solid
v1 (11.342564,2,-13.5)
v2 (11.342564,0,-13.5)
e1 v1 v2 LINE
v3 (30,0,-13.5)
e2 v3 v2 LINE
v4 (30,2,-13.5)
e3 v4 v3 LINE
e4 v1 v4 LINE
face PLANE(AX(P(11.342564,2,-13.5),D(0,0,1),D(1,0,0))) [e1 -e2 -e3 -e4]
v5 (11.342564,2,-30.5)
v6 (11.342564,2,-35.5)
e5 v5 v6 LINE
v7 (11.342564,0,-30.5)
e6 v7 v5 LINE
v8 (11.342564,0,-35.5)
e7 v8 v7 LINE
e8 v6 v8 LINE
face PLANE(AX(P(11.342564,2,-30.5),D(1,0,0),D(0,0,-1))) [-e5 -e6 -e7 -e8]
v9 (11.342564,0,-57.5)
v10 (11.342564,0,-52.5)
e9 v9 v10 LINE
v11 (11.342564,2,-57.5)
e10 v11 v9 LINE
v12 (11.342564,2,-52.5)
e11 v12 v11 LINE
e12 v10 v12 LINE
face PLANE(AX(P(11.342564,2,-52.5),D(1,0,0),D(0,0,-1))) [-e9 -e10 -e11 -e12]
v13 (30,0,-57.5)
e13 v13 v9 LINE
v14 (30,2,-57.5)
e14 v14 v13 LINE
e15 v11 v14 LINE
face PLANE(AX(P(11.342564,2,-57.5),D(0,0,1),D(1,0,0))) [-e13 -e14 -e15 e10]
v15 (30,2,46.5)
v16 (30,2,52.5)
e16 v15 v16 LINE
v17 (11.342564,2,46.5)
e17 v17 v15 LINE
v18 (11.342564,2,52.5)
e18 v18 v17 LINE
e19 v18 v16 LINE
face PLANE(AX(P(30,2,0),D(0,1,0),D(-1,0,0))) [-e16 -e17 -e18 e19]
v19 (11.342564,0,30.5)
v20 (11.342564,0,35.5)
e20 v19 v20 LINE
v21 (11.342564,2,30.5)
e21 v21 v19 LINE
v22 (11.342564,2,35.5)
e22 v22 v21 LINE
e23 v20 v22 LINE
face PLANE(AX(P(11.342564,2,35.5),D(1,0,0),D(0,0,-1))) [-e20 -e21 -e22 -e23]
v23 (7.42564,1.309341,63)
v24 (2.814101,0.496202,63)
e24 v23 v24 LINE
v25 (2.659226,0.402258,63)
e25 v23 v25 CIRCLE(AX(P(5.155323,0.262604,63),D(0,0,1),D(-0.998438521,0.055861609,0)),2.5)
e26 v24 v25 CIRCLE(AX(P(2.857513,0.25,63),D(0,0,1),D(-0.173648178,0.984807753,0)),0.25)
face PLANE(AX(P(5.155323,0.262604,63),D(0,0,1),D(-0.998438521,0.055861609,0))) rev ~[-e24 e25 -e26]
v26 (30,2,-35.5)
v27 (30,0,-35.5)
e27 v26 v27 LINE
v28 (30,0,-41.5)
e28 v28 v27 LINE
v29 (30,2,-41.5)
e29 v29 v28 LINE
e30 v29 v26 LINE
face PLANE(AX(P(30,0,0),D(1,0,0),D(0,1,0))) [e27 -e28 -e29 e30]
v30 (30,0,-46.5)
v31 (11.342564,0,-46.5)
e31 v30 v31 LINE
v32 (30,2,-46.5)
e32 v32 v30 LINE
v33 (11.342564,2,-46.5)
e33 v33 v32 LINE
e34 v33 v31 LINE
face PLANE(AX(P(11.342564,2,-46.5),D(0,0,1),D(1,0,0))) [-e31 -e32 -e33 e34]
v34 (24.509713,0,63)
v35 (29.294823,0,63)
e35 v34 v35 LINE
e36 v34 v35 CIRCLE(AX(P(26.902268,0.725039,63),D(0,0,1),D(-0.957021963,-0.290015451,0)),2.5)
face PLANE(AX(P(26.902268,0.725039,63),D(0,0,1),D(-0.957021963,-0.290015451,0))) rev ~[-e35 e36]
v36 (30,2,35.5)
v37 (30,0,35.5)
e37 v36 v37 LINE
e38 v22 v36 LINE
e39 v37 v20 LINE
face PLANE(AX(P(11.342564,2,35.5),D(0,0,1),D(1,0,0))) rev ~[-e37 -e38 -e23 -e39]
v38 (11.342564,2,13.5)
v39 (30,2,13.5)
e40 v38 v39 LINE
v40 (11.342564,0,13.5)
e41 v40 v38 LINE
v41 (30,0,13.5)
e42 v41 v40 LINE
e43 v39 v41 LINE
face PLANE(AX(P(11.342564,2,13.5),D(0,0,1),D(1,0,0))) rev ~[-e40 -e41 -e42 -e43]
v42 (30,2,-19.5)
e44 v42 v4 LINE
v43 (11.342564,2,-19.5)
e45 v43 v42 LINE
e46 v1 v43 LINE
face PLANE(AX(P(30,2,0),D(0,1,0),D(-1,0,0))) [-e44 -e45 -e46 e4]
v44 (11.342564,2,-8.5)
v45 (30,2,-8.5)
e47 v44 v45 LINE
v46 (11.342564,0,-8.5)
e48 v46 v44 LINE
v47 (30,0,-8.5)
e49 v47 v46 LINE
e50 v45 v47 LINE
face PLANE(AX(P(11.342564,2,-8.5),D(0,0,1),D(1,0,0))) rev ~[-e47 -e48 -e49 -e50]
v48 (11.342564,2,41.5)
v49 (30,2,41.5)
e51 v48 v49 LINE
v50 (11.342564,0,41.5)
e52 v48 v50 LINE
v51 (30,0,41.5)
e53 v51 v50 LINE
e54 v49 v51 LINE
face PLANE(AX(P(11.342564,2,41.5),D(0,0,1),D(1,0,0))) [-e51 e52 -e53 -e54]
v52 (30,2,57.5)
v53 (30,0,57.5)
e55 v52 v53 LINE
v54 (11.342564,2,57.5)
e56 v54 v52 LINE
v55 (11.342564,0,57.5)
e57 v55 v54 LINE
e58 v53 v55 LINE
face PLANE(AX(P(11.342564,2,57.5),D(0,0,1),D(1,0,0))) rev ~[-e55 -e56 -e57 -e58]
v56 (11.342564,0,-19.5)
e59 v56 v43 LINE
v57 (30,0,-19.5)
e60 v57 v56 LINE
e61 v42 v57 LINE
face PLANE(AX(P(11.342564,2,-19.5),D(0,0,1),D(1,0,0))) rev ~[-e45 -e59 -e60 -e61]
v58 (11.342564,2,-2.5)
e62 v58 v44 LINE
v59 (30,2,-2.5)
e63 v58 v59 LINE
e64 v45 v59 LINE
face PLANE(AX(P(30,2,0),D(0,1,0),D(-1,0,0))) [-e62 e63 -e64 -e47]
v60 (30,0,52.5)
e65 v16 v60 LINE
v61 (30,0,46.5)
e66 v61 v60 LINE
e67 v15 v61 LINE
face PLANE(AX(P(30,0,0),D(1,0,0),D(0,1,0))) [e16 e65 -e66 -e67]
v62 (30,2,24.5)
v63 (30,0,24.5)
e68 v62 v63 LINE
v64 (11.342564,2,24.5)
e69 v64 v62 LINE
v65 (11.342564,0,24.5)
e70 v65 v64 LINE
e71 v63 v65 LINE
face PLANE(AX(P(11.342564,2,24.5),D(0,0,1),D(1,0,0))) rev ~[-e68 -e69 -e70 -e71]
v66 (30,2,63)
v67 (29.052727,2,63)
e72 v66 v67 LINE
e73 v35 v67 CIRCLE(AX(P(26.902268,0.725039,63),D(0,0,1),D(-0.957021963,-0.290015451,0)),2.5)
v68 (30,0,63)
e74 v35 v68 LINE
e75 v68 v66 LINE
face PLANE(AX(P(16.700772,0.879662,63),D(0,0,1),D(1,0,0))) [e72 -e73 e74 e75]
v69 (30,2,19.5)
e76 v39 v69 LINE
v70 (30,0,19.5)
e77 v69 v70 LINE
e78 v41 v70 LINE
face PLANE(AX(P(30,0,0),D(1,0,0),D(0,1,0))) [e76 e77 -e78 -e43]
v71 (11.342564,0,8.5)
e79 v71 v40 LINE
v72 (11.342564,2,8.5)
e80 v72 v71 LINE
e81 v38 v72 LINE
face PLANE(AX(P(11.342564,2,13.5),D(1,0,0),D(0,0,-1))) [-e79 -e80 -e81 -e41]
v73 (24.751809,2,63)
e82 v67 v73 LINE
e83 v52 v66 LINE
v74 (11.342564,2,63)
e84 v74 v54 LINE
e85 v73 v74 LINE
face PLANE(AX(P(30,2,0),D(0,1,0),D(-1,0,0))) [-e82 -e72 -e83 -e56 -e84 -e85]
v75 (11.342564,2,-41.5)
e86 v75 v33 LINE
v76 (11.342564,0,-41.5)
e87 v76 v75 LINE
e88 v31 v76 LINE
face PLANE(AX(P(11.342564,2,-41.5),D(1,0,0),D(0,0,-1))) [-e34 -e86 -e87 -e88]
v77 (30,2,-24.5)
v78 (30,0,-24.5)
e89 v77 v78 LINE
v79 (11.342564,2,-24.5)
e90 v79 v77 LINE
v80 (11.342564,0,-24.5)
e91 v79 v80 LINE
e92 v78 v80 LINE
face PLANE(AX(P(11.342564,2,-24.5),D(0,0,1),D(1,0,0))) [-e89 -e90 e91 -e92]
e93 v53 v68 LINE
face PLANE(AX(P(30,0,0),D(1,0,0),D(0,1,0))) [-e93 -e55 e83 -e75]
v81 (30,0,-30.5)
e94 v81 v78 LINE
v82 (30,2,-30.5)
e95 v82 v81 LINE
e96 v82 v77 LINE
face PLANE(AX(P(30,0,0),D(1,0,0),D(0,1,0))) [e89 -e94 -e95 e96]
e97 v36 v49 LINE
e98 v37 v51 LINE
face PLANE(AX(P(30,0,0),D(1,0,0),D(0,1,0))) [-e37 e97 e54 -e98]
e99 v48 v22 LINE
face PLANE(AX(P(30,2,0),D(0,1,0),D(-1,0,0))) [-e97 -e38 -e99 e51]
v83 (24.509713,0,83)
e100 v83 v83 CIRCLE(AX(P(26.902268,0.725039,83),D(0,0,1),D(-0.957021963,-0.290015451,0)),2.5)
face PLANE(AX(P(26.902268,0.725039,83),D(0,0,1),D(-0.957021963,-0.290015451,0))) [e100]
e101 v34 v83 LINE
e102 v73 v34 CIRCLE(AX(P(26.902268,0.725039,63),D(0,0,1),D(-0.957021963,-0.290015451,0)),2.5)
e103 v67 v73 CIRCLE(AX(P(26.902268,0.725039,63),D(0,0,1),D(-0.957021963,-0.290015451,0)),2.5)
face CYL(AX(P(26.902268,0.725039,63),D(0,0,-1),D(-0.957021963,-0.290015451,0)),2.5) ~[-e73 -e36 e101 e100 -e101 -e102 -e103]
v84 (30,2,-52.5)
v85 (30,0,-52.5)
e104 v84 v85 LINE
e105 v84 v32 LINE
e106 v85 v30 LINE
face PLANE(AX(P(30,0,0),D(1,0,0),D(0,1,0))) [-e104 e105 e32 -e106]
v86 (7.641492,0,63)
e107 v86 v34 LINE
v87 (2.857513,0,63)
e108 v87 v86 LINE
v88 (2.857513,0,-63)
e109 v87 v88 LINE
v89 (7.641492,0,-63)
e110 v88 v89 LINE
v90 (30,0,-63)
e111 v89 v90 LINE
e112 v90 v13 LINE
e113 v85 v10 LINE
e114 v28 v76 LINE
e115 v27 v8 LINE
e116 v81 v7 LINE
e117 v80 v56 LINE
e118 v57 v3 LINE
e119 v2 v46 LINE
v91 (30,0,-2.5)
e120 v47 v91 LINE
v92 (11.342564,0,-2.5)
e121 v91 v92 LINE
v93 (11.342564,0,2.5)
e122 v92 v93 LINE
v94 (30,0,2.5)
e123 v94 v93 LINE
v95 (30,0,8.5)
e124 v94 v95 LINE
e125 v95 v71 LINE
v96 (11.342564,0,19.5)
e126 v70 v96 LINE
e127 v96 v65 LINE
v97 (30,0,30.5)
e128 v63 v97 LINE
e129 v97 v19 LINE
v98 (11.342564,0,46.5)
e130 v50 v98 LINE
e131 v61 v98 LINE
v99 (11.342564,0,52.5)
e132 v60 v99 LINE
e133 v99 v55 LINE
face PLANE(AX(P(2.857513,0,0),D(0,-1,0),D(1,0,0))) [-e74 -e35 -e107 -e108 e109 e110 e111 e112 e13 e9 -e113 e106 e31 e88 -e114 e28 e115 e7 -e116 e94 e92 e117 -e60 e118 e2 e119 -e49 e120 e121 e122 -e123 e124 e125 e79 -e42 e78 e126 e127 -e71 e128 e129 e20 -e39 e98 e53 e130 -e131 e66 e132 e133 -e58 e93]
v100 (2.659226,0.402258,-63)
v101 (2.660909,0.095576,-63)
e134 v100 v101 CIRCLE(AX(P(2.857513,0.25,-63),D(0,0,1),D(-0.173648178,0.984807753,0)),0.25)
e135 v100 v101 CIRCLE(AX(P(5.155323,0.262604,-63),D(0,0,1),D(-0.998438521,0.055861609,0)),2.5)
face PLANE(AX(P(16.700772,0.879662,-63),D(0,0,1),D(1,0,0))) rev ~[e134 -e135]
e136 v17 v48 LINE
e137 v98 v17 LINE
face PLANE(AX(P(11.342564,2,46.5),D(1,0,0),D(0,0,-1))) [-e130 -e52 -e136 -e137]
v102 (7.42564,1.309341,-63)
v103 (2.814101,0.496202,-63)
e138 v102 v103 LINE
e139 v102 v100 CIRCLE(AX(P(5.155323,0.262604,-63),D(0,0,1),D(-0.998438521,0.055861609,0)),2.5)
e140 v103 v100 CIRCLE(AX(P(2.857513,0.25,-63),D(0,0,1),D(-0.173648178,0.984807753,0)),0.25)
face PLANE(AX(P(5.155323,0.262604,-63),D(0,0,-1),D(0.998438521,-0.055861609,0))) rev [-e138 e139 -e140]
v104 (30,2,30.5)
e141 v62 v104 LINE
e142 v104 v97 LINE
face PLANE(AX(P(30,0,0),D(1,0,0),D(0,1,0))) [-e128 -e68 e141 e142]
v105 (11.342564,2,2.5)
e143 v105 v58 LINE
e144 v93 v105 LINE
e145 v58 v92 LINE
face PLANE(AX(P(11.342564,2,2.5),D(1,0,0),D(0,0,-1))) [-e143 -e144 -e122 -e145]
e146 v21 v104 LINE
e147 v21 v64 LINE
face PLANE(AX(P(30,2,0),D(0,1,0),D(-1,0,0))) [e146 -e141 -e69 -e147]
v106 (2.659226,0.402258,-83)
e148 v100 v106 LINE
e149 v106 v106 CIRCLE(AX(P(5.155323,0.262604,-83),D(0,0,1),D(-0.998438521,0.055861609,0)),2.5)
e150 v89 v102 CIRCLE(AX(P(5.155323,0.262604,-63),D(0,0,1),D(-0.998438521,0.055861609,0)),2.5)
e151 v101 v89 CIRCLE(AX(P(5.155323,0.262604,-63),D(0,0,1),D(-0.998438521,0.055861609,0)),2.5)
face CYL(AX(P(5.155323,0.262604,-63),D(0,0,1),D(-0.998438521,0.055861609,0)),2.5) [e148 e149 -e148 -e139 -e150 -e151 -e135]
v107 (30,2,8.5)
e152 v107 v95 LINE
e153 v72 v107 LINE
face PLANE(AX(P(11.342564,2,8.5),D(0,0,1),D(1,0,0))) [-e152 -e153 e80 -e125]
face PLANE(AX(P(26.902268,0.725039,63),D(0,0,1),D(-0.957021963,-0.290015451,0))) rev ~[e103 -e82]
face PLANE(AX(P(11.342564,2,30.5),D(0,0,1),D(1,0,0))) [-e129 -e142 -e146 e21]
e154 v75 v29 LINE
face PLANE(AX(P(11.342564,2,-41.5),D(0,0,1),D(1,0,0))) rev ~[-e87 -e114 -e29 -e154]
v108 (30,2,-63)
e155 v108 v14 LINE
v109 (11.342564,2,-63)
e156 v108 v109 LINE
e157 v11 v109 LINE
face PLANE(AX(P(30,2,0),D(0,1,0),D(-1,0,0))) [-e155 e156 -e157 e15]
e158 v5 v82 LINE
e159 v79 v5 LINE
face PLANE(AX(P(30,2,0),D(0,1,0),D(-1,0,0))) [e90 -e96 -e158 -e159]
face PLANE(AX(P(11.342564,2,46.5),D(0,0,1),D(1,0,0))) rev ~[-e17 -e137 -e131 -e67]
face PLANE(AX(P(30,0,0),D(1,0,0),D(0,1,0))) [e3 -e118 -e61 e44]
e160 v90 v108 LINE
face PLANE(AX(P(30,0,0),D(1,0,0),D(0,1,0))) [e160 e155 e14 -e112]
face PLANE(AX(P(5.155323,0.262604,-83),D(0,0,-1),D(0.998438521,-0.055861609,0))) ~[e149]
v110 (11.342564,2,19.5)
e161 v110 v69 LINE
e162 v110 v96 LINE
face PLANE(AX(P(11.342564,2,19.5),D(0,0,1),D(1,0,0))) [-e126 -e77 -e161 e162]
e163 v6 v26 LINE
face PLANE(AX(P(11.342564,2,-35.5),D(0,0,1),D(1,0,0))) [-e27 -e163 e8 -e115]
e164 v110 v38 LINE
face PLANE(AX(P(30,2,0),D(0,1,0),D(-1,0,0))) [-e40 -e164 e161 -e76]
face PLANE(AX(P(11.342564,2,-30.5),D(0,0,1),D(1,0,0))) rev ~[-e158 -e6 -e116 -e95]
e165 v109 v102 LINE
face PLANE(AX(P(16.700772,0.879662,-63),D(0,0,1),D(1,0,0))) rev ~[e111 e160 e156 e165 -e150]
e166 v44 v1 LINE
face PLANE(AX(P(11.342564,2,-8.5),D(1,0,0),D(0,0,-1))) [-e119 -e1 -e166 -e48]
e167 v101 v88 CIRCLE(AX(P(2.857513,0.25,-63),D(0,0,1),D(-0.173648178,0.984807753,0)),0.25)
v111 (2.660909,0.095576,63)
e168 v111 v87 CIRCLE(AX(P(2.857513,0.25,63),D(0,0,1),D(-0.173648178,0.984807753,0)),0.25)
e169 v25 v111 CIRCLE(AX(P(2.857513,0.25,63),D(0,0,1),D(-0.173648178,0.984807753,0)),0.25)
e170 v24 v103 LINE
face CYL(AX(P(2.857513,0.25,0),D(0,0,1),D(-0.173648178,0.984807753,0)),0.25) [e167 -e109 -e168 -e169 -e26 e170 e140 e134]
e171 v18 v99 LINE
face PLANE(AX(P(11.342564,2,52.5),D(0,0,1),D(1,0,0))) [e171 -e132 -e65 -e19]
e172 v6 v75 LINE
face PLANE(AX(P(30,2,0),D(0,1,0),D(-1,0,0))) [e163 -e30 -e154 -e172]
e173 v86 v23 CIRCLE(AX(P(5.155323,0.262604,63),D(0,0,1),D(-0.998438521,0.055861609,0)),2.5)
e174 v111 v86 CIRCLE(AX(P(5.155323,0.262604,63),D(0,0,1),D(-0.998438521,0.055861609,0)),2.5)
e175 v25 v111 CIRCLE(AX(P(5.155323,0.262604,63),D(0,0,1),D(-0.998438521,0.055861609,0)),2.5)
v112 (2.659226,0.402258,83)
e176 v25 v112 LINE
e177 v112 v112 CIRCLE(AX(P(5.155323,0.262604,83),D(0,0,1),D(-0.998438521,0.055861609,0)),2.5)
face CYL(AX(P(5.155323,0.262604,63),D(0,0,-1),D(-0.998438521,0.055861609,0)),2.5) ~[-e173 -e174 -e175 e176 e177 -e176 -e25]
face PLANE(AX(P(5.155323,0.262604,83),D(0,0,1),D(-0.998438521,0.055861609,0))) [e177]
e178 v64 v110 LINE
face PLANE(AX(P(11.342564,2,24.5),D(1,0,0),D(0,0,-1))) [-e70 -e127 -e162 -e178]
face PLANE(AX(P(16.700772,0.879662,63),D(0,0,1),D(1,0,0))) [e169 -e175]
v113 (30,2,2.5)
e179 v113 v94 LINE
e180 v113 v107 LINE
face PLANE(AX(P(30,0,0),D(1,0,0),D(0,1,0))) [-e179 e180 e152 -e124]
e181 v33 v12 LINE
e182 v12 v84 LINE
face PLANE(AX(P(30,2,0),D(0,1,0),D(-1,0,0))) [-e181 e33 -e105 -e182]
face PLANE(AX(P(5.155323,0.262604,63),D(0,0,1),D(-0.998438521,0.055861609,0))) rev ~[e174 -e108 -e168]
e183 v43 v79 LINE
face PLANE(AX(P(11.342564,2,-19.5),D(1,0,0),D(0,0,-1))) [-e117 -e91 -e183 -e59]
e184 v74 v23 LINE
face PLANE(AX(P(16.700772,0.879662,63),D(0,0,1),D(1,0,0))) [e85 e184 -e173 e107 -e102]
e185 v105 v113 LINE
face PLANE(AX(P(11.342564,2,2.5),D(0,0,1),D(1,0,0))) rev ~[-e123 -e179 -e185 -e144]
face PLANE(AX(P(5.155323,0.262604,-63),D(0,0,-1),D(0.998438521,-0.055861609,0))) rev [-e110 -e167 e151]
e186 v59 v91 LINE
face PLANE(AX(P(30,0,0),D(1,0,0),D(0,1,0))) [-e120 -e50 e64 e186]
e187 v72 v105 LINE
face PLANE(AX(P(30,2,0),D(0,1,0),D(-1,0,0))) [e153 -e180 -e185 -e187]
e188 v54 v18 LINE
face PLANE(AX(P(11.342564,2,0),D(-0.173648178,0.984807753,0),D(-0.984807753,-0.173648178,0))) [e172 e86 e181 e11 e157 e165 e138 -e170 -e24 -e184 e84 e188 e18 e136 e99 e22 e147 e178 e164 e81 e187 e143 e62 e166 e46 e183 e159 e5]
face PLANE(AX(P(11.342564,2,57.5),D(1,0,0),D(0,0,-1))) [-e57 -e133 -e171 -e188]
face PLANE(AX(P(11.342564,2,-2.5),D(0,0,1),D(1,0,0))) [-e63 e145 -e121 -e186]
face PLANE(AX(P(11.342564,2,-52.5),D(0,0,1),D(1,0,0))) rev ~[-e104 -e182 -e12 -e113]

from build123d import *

# Parameters (mm, degrees)
EXTRUDE_1_DEPTH          = 63
SKETCH_2_W               = 37.314872722
SKETCH_2_H               = 5
CUT_EXTRUDE_1_DEPTH      = 50
PATTERN_LINEAR_1_COUNT   = 6
PATTERN_LINEAR_1_PITCH   = 11
MIRROR_1_COPY_1_SKETCH_W = 37.314872722
MIRROR_1_COPY_1_SKETCH_H = 5
MIRROR_1_COPY_1_DEPTH    = 50
MIRROR_1_COPY_2_SKETCH_W = 37.314872722
MIRROR_1_COPY_2_SKETCH_H = 5
MIRROR_1_COPY_2_DEPTH    = 50
MIRROR_1_COPY_3_SKETCH_W = 37.314872722
MIRROR_1_COPY_3_SKETCH_H = 5
MIRROR_1_COPY_3_DEPTH    = 50
MIRROR_1_COPY_4_SKETCH_W = 37.314872722
MIRROR_1_COPY_4_SKETCH_H = 5
MIRROR_1_COPY_4_DEPTH    = 50
MIRROR_1_COPY_5_SKETCH_W = 37.314872722
MIRROR_1_COPY_5_SKETCH_H = 5
MIRROR_1_COPY_5_DEPTH    = 50
MIRROR_1_COPY_6_SKETCH_W = 37.314872722
MIRROR_1_COPY_6_SKETCH_H = 5
MIRROR_1_COPY_6_DEPTH    = 50
EXTRUDE_START            = 63
SKETCH_3_R               = 2.5
EXTRUDE_2_DEPTH          = 20
SKETCH_4_R               = 2.5
EXTRUDE_3_DEPTH          = 20


with BuildPart() as part:
    # 草图1 → 凸台-拉伸1 (new, symmetric)
    with BuildSketch(Plane.XY):
        with BuildLine():
            Line((2.857513076, 0), (30, 0))
            Line((30, 0), (30, 2))
            Line((30, 2), (11.342563639, 2))
            Line((11.342563639, 2), (2.814101031, 0.496201938))
            ThreePointArc((2.814101031, 0.496201938), (2.608464401, 0.228211064), (2.857513076, 0))
        make_face()
    extrude(amount=EXTRUDE_1_DEPTH, both=True)

    # 草图2 → 切除-拉伸1 (cut, symmetric)
    with BuildSketch(Plane(origin=(0, 2, 0), x_dir=(1, 0, 0), z_dir=(0, 1, 0))):
        with Locations((30, 0)):
            Rectangle(SKETCH_2_W, SKETCH_2_H)
    cut_extrude_1 = extrude(amount=CUT_EXTRUDE_1_DEPTH, both=True, mode=Mode.SUBTRACT)

    # 阵列(线性)1: 切除-拉伸1 ×6
    with Locations(*[(0, 0, -i * PATTERN_LINEAR_1_PITCH) for i in range(1, PATTERN_LINEAR_1_COUNT)]):
        add(cut_extrude_1, mode=Mode.SUBTRACT)

    # 镜向1 copy 1 sketch → 镜向1 copy 1 (cut, symmetric)
    with BuildSketch(Plane(origin=(0, 2, 11), x_dir=(1, 0, 0), z_dir=(0, 1, 0))):
        with Locations((30, 0)):
            Rectangle(MIRROR_1_COPY_1_SKETCH_W, MIRROR_1_COPY_1_SKETCH_H)
    extrude(amount=MIRROR_1_COPY_1_DEPTH, both=True, mode=Mode.SUBTRACT)

    # 镜向1 copy 2 sketch → 镜向1 copy 2 (cut, symmetric)
    with BuildSketch(Plane(origin=(0, 2, 22), x_dir=(1, 0, 0), z_dir=(0, 1, 0))):
        with Locations((30, 0)):
            Rectangle(MIRROR_1_COPY_2_SKETCH_W, MIRROR_1_COPY_2_SKETCH_H)
    extrude(amount=MIRROR_1_COPY_2_DEPTH, both=True, mode=Mode.SUBTRACT)

    # 镜向1 copy 3 sketch → 镜向1 copy 3 (cut, symmetric)
    with BuildSketch(Plane(origin=(0, 2, 33), x_dir=(1, 0, 0), z_dir=(0, 1, 0))):
        with Locations((30, 0)):
            Rectangle(MIRROR_1_COPY_3_SKETCH_W, MIRROR_1_COPY_3_SKETCH_H)
    extrude(amount=MIRROR_1_COPY_3_DEPTH, both=True, mode=Mode.SUBTRACT)

    # 镜向1 copy 4 sketch → 镜向1 copy 4 (cut, symmetric)
    with BuildSketch(Plane(origin=(0, 2, 44), x_dir=(1, 0, 0), z_dir=(0, 1, 0))):
        with Locations((30, 0)):
            Rectangle(MIRROR_1_COPY_4_SKETCH_W, MIRROR_1_COPY_4_SKETCH_H)
    extrude(amount=MIRROR_1_COPY_4_DEPTH, both=True, mode=Mode.SUBTRACT)

    # 镜向1 copy 5 sketch → 镜向1 copy 5 (cut, symmetric)
    with BuildSketch(Plane(origin=(0, 2, 55), x_dir=(1, 0, 0), z_dir=(0, 1, 0))):
        with Locations((30, 0)):
            Rectangle(MIRROR_1_COPY_5_SKETCH_W, MIRROR_1_COPY_5_SKETCH_H)
    extrude(amount=MIRROR_1_COPY_5_DEPTH, both=True, mode=Mode.SUBTRACT)

    # 镜向1 copy 6 sketch → 镜向1 copy 6 (cut, symmetric)
    with BuildSketch(Plane(origin=(0, 2, 0), x_dir=(1, 0, 0), z_dir=(0, 1, 0))):
        with Locations((30, 0)):
            Rectangle(MIRROR_1_COPY_6_SKETCH_W, MIRROR_1_COPY_6_SKETCH_H)
    extrude(amount=MIRROR_1_COPY_6_DEPTH, both=True, mode=Mode.SUBTRACT)

    # 草图3 → 凸台-拉伸2 (add)
    with BuildSketch(Plane.XY.offset(EXTRUDE_START)):
        with Locations(Location((5.155322669, 0.262603589, 0), (0, 0, 176.797698594))):
            Circle(SKETCH_3_R)
    extrude_2 = extrude(amount=EXTRUDE_2_DEPTH)

    # 镜向2: 凸台-拉伸2 across plane
    add(extrude_2.mirror(Plane.XY))

    # 草图4 → 凸台-拉伸3 (add, through all)
    with BuildSketch(Plane.XY.offset(63)):
        with Locations(Location((26.90226766, 0.725038627, 0), (0, 0, 196.858881031))):
            Circle(SKETCH_4_R)
    extrude(amount=EXTRUDE_3_DEPTH)


solid = part.part
